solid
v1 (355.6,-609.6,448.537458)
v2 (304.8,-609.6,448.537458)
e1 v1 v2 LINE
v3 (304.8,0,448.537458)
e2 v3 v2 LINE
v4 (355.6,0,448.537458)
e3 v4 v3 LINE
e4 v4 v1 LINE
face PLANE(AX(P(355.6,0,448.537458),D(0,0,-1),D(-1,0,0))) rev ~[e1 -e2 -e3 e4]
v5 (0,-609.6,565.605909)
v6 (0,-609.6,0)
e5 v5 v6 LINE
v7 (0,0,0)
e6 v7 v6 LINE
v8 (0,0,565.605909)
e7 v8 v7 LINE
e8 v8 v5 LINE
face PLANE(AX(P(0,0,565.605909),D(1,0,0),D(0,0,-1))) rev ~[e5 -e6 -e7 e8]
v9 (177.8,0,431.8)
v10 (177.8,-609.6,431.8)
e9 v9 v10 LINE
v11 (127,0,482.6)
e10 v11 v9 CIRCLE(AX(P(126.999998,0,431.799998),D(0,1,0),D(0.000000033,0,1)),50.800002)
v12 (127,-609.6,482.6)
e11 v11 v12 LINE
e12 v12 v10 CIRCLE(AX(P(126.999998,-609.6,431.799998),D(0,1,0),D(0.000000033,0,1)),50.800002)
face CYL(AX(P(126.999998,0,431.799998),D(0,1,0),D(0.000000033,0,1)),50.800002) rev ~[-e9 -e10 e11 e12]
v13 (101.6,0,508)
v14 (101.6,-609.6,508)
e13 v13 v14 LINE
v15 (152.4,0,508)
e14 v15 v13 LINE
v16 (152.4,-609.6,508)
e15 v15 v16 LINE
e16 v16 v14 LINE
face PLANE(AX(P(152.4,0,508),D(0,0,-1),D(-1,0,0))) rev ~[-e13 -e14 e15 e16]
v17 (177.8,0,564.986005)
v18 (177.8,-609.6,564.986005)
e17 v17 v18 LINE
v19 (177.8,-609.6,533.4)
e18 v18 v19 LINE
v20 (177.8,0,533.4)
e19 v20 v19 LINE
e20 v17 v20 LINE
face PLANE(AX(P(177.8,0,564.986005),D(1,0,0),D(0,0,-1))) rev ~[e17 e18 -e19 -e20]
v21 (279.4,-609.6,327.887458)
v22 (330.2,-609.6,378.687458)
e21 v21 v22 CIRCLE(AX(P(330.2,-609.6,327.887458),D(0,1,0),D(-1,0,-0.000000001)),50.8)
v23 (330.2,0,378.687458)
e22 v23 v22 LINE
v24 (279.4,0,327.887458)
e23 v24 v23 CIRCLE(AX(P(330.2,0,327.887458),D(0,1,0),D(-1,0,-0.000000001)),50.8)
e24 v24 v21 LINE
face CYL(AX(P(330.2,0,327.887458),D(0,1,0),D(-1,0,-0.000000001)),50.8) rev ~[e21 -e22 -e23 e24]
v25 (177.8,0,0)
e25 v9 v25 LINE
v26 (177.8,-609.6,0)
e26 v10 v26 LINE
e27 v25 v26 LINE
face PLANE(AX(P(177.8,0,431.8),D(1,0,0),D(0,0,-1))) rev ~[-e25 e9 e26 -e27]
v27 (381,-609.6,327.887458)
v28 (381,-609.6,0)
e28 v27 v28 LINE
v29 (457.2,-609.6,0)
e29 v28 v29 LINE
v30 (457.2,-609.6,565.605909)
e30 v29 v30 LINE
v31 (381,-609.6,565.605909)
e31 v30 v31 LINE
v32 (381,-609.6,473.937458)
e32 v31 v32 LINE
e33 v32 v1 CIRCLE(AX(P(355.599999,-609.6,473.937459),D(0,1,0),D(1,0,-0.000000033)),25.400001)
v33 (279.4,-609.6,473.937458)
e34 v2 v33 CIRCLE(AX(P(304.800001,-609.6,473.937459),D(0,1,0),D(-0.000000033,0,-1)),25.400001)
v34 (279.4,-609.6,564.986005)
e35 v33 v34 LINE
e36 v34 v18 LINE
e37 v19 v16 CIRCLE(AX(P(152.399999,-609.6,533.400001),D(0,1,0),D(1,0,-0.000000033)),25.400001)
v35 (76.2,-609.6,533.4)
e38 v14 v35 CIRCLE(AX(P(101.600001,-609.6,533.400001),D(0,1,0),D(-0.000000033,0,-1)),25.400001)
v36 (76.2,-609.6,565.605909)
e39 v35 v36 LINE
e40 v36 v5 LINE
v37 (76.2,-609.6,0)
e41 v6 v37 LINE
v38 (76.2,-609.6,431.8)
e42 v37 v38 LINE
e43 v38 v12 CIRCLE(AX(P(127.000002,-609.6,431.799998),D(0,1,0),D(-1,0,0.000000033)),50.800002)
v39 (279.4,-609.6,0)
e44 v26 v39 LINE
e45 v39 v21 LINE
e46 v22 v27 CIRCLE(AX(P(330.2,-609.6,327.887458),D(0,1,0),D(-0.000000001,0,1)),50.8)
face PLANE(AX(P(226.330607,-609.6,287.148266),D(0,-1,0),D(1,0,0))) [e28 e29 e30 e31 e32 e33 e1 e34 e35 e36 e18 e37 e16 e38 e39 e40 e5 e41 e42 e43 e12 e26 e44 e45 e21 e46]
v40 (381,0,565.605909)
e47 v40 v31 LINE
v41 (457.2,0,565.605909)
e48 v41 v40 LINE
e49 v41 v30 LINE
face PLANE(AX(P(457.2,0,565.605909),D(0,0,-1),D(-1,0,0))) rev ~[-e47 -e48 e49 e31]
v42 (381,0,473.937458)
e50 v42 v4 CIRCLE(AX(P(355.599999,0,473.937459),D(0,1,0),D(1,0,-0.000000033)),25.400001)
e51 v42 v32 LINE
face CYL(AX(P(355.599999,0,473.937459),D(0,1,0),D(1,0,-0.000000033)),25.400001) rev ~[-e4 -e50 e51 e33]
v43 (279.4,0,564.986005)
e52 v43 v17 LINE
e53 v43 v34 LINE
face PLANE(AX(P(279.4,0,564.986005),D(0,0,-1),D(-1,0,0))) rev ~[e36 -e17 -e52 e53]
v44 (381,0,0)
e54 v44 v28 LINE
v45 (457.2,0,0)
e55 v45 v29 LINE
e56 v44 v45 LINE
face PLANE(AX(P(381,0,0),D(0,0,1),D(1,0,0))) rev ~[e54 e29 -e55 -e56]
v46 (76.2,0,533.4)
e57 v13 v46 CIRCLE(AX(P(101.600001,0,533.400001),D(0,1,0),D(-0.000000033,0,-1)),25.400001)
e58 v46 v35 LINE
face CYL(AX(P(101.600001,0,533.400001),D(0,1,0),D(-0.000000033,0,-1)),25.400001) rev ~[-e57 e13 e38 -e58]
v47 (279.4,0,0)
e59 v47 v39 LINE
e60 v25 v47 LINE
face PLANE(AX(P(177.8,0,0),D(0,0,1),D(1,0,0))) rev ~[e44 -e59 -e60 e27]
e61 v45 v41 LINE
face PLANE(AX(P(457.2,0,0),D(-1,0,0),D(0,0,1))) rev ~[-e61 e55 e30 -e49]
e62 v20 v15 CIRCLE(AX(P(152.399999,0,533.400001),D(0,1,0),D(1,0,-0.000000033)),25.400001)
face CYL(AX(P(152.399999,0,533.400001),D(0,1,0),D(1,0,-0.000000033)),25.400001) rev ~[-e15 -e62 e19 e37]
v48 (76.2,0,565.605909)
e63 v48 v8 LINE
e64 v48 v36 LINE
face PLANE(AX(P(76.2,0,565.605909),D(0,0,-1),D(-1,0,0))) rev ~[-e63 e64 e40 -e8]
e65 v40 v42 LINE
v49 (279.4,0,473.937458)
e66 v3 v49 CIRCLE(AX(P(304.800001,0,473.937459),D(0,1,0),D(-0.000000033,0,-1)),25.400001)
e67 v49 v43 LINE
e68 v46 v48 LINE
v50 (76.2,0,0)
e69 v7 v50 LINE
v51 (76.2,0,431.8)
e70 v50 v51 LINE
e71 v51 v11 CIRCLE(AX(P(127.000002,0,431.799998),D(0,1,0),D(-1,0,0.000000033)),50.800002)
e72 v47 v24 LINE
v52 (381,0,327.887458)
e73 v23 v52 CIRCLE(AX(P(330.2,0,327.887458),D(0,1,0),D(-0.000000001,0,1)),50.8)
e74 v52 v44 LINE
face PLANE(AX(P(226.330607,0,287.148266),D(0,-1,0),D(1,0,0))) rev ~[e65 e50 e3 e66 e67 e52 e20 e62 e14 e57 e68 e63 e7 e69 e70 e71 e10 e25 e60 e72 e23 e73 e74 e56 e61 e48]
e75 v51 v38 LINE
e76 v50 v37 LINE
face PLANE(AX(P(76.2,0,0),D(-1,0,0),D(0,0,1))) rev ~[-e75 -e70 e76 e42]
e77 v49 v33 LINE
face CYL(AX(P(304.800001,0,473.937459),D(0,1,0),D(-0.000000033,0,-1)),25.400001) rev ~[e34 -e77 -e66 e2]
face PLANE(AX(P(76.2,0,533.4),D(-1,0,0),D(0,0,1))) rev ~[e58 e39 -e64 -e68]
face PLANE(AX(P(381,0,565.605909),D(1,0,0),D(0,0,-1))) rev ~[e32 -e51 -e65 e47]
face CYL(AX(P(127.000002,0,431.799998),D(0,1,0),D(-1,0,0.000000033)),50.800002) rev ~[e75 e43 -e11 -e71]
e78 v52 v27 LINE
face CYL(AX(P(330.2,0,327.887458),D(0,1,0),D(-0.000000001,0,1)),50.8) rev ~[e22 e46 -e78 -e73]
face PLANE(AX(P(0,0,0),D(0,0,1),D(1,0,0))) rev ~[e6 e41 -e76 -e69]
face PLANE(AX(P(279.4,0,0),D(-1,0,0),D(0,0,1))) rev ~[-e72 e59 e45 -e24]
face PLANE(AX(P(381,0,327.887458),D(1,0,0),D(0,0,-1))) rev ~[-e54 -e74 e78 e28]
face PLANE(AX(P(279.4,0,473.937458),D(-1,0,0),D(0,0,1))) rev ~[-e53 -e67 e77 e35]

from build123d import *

# Parameters (mm, degrees)
F1_DEPTH = 609.6


with BuildPart() as f1:
    # F0 (on Front) → F1 (new body)
    with BuildSketch(Plane.XZ):
        with BuildLine():
            Line((0, 431.8), (0, 0))
            Line((0, 0), (76.2, 0))
            Line((76.2, 0), (76.2, 431.8))
            ThreePointArc((76.2, 431.8), (91.078976, 467.721024), (127, 482.6))
            ThreePointArc((127, 482.6), (162.921024, 467.721024), (177.8, 431.8))
            Line((177.8, 431.8), (177.8, 0))
            Line((177.8, 0), (279.4, 0))
            Line((279.4, 0), (279.4, 327.887458))
            ThreePointArc((279.4, 327.887458), (294.278976, 363.808483), (330.2, 378.687458))
            ThreePointArc((330.2, 378.687458), (366.121024, 363.808483), (381, 327.887458))
            Line((381, 327.887458), (381, 0))
            Line((381, 0), (457.2, 0))
            Line((457.2, 0), (457.2, 565.605909))
            Line((457.2, 565.605909), (381, 565.605909))
            Line((381, 565.605909), (381, 473.937458))
            ThreePointArc((381, 473.937458), (373.560512, 455.976946), (355.6, 448.537458))
            Line((355.6, 448.537458), (304.8, 448.537458))
            ThreePointArc((304.8, 448.537458), (286.839488, 455.976946), (279.4, 473.937458))
            Line((279.4, 473.937458), (279.4, 564.986005))
            Line((279.4, 564.986005), (177.8, 564.986005))
            Line((177.8, 564.986005), (177.8, 533.4))
            ThreePointArc((177.8, 533.4), (170.360512, 515.439488), (152.4, 508))
            Line((152.4, 508), (101.6, 508))
            ThreePointArc((101.6, 508), (83.639488, 515.439488), (76.2, 533.4))
            Line((76.2, 533.4), (76.2, 565.605909))
            Line((76.2, 565.605909), (0, 565.605909))
            Line((0, 565.605909), (0, 431.8))
        make_face()
    extrude(amount=F1_DEPTH)


solid = f1.part
